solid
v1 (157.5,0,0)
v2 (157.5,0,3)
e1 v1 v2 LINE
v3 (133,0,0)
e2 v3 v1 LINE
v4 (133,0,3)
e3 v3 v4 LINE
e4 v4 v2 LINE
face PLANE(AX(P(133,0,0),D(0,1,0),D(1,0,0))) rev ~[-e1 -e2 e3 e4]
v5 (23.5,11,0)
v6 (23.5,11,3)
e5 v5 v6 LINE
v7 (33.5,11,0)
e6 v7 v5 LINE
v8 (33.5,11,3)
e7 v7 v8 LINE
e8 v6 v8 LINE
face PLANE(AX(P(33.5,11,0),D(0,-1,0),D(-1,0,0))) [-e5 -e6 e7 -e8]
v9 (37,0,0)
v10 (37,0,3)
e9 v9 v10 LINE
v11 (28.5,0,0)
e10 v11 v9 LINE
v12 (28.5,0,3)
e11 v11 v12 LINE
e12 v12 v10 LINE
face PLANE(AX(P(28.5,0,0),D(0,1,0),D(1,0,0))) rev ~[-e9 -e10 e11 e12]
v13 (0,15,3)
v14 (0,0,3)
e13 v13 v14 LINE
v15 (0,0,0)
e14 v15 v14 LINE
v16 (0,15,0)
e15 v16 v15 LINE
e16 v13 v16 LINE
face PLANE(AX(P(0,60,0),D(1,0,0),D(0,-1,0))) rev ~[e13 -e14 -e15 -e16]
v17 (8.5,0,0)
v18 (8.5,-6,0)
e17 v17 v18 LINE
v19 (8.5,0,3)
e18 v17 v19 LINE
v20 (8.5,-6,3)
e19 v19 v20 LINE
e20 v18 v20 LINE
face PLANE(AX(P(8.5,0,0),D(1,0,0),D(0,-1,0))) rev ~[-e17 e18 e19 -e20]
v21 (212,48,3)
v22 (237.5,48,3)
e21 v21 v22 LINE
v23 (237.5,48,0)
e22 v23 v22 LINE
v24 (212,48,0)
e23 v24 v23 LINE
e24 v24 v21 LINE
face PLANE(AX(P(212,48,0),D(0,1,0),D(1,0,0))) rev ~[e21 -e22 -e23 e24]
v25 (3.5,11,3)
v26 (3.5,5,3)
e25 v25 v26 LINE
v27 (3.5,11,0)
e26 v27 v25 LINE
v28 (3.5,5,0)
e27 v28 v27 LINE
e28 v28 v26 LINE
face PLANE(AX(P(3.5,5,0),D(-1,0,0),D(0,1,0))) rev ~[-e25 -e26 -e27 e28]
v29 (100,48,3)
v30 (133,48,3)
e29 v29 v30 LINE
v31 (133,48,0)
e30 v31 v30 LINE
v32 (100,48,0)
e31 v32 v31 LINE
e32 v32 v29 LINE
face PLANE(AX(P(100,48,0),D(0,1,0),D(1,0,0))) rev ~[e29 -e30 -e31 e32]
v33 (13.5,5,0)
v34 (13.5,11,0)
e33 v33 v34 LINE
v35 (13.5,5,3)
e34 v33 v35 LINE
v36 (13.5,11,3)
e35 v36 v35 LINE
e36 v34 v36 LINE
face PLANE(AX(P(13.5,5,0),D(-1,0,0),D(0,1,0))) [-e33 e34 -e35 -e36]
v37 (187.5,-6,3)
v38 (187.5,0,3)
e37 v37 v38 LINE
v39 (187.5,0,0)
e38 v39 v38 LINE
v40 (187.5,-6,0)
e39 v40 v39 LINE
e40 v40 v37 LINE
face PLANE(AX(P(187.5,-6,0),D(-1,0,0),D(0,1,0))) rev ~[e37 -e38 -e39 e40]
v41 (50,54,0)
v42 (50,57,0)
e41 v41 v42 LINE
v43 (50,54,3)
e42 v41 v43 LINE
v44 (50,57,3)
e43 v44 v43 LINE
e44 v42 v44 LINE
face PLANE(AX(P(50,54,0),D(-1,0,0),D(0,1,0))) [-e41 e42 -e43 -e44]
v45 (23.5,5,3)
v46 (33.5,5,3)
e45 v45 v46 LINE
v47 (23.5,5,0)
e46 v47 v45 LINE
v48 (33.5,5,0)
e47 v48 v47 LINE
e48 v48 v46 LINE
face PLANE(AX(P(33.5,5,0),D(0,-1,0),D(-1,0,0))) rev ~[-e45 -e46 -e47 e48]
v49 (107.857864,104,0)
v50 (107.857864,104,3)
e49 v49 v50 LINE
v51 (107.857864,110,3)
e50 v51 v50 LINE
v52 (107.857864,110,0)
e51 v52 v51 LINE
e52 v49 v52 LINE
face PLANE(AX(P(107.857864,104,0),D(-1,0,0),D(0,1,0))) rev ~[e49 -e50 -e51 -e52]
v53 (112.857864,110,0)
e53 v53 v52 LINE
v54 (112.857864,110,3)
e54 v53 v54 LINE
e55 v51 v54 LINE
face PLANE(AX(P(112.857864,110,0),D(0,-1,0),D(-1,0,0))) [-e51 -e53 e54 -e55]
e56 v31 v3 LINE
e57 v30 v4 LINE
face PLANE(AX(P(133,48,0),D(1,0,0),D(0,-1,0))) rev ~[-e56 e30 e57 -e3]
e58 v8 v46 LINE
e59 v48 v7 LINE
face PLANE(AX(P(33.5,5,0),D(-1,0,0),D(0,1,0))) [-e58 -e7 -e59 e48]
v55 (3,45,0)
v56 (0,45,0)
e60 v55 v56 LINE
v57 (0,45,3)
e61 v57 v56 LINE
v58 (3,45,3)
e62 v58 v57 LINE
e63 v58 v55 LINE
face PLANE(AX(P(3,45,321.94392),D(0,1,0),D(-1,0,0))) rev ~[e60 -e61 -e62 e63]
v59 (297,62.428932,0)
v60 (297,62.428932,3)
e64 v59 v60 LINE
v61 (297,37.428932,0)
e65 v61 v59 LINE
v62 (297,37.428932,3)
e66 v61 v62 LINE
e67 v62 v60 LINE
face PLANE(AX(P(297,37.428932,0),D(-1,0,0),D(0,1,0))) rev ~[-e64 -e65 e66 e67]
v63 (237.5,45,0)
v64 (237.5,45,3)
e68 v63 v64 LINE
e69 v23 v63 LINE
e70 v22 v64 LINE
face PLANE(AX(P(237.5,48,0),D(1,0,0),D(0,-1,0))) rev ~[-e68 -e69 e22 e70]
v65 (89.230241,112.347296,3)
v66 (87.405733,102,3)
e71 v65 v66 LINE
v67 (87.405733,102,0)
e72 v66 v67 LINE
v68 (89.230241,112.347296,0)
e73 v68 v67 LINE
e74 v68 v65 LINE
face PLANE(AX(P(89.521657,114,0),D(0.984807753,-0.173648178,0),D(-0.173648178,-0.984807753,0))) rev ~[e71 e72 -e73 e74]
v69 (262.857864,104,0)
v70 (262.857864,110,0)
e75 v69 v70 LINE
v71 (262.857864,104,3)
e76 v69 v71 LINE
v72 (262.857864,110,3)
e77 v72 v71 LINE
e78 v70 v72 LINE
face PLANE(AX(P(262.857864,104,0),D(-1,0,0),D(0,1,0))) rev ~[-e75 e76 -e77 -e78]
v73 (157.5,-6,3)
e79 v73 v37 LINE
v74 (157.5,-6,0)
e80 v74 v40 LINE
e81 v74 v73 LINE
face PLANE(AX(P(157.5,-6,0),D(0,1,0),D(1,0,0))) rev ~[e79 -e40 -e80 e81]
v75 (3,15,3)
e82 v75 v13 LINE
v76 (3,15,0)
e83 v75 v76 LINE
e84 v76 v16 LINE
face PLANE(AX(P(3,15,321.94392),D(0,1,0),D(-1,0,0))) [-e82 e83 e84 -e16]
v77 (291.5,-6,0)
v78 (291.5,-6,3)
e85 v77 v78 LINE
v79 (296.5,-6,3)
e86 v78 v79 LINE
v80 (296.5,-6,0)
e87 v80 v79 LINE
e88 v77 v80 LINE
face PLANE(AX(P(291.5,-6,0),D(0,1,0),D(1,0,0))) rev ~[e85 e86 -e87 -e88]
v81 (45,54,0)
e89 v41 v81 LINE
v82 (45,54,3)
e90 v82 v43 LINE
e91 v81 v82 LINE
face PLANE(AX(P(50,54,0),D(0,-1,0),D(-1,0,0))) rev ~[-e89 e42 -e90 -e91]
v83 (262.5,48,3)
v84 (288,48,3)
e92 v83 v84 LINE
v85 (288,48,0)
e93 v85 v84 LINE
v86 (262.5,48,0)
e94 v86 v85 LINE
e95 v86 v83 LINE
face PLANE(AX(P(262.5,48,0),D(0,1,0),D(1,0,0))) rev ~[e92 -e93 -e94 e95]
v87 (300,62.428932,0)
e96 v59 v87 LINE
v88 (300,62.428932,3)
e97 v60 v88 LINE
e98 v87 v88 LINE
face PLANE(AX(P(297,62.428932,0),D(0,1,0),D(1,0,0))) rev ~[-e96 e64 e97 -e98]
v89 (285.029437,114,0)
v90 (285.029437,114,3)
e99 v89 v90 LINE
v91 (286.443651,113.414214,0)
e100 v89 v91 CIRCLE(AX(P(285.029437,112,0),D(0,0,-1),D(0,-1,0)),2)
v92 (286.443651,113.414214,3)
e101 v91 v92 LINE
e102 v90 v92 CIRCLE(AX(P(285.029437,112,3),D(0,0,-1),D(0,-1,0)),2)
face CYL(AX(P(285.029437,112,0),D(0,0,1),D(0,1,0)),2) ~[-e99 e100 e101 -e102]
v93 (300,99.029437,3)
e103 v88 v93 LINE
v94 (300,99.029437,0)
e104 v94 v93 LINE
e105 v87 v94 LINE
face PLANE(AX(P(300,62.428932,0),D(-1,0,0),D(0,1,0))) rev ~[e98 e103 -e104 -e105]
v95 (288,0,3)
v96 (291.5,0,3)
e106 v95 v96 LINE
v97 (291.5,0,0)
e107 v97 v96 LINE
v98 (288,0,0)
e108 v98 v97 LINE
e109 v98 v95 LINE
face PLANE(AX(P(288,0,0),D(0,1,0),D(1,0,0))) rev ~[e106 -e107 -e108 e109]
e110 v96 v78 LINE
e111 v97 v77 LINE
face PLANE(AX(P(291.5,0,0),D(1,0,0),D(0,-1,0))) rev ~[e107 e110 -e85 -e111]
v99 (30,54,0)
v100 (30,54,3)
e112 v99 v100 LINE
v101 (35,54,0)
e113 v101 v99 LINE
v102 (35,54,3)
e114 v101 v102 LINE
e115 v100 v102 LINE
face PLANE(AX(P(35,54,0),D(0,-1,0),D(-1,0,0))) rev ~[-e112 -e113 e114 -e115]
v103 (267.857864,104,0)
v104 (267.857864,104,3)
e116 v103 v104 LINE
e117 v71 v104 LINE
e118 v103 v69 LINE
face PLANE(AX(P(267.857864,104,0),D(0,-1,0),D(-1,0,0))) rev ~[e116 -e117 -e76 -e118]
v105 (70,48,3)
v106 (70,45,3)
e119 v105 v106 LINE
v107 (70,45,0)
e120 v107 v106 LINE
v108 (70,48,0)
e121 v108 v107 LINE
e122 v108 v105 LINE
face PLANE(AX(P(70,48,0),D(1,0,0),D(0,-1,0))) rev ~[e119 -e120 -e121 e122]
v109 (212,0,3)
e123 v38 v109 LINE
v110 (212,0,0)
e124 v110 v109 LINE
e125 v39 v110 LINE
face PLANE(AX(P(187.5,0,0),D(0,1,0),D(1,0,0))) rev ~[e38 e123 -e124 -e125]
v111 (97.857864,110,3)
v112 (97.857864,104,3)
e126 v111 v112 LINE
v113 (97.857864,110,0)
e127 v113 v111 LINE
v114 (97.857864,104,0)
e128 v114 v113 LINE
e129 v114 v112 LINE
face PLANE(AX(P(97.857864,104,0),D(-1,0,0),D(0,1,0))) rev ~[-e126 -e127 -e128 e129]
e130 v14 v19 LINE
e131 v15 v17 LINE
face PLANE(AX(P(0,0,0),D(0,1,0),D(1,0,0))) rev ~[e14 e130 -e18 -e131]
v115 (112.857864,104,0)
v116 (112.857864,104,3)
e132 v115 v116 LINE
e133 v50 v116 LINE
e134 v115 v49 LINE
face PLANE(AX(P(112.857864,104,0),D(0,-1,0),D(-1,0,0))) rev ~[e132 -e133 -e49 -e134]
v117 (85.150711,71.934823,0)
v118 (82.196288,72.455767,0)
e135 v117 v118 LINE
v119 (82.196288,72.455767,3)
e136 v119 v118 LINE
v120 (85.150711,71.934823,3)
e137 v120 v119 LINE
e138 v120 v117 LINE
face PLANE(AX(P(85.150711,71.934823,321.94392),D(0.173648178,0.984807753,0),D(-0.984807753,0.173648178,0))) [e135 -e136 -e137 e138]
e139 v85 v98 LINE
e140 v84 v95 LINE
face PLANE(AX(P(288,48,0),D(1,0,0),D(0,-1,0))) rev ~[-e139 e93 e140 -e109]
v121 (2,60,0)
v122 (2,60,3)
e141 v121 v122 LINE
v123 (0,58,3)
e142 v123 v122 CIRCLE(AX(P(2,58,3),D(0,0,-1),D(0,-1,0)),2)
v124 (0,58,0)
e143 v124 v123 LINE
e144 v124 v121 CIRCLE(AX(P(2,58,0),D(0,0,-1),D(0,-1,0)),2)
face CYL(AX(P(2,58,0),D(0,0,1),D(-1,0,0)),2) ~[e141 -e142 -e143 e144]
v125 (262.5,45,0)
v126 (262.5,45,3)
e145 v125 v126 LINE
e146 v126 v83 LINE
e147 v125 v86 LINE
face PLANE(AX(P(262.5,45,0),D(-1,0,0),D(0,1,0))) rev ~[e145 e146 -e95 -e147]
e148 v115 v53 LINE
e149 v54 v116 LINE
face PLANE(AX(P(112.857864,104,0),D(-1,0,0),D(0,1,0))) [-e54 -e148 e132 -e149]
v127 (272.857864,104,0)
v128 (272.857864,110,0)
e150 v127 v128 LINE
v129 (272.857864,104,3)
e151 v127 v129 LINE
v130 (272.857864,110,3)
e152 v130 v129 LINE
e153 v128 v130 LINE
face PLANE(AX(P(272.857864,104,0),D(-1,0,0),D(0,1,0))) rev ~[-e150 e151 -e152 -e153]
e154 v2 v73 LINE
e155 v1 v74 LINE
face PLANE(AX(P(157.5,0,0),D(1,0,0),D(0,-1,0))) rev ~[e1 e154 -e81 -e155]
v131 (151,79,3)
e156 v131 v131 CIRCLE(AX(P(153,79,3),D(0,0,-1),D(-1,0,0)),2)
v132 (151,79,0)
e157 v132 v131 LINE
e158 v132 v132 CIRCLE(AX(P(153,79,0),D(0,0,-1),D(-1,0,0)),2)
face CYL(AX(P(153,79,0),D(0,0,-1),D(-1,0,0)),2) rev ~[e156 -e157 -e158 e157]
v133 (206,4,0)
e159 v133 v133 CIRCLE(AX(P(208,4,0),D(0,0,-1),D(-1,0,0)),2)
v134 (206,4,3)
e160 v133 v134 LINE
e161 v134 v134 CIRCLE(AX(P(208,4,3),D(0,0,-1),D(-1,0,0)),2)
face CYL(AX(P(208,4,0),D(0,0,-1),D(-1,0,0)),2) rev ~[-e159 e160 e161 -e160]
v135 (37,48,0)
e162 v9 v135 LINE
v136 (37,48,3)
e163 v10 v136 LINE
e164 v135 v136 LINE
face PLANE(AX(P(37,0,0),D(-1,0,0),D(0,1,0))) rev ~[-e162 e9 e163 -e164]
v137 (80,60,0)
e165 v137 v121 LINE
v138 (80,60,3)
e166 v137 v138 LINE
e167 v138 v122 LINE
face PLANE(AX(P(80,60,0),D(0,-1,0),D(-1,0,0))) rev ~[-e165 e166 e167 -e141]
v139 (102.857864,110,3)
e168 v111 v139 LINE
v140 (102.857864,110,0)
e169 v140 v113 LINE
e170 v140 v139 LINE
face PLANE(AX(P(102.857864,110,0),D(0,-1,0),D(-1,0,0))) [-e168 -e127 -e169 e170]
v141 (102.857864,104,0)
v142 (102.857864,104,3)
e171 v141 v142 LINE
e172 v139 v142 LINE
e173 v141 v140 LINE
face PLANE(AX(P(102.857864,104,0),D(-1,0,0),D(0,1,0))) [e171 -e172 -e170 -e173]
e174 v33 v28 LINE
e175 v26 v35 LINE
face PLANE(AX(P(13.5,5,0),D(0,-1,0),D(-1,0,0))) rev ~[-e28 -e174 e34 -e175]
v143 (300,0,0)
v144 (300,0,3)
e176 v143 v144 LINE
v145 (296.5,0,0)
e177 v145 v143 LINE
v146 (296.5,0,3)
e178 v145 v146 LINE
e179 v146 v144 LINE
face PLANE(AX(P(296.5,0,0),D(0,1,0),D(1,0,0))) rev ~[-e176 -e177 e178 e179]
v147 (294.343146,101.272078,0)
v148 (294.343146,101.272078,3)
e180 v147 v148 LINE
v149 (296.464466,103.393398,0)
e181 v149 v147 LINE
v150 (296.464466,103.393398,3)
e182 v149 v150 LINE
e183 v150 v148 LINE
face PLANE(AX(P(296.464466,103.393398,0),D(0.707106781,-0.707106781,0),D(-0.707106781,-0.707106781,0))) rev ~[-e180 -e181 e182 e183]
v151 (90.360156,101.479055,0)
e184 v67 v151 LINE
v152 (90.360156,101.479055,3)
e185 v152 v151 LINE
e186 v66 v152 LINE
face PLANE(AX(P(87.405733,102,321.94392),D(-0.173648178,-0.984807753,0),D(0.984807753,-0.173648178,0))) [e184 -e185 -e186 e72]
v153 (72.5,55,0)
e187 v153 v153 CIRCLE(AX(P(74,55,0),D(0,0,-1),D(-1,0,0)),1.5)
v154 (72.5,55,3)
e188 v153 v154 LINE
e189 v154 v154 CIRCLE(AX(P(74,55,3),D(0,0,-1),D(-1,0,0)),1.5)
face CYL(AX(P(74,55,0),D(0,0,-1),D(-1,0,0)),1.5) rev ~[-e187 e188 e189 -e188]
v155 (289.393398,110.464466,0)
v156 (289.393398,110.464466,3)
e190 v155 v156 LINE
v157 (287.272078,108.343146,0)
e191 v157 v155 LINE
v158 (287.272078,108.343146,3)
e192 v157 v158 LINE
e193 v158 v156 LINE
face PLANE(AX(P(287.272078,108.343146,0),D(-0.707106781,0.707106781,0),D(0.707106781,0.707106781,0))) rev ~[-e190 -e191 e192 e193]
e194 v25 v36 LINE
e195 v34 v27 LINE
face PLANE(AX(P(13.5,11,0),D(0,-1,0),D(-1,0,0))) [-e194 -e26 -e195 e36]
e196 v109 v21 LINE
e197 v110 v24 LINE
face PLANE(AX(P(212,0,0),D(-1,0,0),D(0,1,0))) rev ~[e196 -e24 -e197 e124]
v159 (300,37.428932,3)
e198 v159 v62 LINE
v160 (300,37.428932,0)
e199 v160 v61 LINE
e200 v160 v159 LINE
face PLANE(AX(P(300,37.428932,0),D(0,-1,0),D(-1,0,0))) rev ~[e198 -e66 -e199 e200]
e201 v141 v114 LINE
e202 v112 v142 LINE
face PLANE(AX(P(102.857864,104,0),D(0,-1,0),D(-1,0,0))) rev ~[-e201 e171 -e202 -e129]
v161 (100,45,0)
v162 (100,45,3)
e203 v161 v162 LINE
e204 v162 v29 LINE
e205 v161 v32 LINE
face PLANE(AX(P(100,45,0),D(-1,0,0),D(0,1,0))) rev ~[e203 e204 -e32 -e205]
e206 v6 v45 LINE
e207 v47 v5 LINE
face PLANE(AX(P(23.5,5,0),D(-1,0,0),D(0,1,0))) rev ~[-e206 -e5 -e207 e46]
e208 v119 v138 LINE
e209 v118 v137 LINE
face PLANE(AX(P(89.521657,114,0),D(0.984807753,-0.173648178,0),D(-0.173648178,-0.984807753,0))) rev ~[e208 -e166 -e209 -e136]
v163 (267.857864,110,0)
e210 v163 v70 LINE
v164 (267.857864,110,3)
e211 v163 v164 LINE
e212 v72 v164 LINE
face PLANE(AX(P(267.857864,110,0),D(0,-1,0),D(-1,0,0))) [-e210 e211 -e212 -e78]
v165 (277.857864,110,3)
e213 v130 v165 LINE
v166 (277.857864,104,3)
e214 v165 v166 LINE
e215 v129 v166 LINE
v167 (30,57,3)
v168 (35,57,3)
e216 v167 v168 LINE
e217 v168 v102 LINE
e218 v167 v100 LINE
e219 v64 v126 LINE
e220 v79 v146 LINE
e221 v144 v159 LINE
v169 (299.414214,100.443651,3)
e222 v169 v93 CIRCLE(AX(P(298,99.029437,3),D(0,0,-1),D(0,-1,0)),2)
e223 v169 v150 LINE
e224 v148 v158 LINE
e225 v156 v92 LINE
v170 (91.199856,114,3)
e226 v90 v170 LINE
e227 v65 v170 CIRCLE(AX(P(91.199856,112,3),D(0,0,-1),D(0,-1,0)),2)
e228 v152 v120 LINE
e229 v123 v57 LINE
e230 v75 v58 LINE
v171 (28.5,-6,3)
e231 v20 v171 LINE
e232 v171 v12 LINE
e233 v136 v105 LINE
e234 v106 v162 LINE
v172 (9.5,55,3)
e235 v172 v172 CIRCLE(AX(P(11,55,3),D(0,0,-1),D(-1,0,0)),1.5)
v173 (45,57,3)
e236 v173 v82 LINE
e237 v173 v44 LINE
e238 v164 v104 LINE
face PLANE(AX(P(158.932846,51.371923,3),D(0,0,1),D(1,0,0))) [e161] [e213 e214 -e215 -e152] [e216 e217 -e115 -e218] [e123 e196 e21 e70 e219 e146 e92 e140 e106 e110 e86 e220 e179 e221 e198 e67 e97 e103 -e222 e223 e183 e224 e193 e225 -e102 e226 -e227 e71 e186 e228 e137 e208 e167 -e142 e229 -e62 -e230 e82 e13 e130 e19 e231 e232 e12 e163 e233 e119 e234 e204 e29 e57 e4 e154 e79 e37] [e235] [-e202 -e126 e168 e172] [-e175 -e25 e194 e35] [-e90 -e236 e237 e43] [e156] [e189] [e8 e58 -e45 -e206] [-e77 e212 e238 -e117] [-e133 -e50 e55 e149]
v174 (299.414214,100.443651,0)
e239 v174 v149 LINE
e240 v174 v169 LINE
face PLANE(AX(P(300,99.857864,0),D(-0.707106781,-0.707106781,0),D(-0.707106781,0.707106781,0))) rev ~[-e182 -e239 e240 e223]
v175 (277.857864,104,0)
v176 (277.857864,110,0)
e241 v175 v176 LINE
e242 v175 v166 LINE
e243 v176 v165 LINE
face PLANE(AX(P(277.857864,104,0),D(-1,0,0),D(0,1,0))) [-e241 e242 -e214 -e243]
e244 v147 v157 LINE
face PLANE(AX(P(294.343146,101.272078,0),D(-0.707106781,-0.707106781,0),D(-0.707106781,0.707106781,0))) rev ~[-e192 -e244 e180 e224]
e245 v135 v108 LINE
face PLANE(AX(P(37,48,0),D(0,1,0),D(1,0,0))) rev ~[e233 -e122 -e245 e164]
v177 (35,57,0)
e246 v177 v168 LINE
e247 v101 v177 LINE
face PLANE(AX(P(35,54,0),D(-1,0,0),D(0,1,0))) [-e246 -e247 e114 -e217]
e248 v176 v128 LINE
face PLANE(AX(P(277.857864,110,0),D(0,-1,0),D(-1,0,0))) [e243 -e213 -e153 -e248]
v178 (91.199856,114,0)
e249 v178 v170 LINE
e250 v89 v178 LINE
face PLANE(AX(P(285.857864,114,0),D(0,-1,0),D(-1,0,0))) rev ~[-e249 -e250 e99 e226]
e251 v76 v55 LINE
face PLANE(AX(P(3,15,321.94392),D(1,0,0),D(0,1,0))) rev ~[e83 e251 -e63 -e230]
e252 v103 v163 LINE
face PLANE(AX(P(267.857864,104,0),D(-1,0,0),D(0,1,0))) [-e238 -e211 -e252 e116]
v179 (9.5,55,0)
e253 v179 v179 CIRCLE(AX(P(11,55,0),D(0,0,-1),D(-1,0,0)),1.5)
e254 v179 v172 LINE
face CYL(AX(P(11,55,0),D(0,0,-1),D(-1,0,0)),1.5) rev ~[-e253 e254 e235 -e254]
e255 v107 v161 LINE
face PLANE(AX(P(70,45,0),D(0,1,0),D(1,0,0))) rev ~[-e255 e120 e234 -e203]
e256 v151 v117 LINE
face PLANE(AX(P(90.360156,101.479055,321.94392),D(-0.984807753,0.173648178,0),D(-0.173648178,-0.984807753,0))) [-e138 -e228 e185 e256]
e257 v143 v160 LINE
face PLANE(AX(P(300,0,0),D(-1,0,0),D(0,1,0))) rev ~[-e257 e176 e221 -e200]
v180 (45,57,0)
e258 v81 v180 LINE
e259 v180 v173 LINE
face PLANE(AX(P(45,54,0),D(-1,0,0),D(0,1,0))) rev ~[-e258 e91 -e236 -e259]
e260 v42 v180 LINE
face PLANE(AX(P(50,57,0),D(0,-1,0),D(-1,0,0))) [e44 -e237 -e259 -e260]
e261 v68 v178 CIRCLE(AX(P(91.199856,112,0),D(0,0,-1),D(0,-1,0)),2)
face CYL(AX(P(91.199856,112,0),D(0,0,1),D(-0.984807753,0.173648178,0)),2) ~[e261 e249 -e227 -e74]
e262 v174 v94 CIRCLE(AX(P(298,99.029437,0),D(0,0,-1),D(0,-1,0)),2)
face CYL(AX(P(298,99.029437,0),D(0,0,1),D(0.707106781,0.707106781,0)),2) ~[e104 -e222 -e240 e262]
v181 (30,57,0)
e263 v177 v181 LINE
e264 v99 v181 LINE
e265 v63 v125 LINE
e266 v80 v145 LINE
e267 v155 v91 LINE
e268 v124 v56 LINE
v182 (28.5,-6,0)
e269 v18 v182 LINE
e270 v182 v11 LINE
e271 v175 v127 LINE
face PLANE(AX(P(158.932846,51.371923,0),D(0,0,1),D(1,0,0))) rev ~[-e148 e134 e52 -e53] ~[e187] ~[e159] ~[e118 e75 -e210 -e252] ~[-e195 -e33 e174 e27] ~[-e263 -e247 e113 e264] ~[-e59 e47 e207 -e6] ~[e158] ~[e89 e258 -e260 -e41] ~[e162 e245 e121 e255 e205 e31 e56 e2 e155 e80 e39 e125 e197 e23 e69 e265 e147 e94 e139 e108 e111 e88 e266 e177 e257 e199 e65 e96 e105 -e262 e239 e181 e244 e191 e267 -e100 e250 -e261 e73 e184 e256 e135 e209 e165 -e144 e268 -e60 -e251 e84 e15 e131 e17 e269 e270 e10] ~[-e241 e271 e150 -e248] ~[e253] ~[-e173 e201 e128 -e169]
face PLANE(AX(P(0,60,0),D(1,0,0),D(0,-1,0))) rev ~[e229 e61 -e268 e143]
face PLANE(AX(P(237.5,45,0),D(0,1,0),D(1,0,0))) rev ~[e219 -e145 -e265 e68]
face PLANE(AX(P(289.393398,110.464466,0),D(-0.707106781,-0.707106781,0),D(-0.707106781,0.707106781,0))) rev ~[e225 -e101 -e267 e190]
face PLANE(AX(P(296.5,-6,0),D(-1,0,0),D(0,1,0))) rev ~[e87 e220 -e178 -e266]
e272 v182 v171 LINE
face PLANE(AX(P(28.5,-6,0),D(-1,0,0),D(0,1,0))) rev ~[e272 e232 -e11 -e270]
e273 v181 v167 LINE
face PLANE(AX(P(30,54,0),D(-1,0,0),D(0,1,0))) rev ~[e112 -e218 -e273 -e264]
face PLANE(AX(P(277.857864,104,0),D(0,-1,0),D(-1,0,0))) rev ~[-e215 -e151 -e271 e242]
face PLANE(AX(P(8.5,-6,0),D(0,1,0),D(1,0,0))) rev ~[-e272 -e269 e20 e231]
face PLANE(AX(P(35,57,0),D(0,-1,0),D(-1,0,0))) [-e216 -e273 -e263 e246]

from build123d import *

# Parameters (mm, degrees)
BOSS_EXTRUDE1_DEPTH     = 3
SKETCH2_R               = 2
CUT_EXTRUDE1_DEPTH      = 321.943920335
CUT_EXTRUDE2_DEPTH      = 321.943920335
CUT_EXTRUDE2_DEPTH_BACK = 321.943920335
SKETCH3_W               = 3
SKETCH3_H               = 30
SKETCH4_W               = 10
SKETCH4_H               = 6
CUT_EXTRUDE3_DEPTH      = 321.943920335
SKETCH5_R               = 1.5
SKETCH5_W               = 5
SKETCH5_H               = 3
CUT_EXTRUDE4_DEPTH      = 321.943920335
SKETCH6_W               = 5
SKETCH6_H               = 6
CUT_EXTRUDE5_DEPTH      = 321.943920335
FILLET1_R               = 2


with BuildPart() as part:
    # Sketch1 → Boss-Extrude1 (new body)
    with BuildSketch(Plane.XY):
        Polygon((0, 0), (8.5, 0), (8.5, -6), (28.5, -6), (28.5, 0), (37, 0), (37, 48), (70, 48), (70, 45), (100, 45), (100, 48), (133, 48), (133, 0), (157.5, 0), (157.5, -6), (187.5, -6), (187.5, 0), (212, 0), (212, 48), (237.5, 48), (237.5, 45), (262.5, 45), (262.5, 48), (288, 48), (288, 0), (291.5, 0), (291.5, -6), (296.5, -6), (296.5, 0), (300, 0), (300, 37.428932188), (297, 37.428932188), (297, 62.428932188), (300, 62.428932188), (300, 99.857864376), (296.464466094, 103.393398282), (294.343145751, 101.272077939), (287.272077939, 108.343145751), (289.393398282, 110.464466094), (285.857864376, 114), (89.521656958, 114), (80, 60), (0, 60), align=None)
    extrude(amount=BOSS_EXTRUDE1_DEPTH)

    # Sketch2 → Cut-Extrude1 (cut, through all)
    with BuildSketch(Plane(origin=(0, 0, 0), x_dir=(-1, 0, 0), z_dir=(0, 0, -1))):
        with Locations((-208, 4)):
            Circle(SKETCH2_R)
        with Locations((-153, 79)):
            Circle(SKETCH2_R)
    extrude(amount=-CUT_EXTRUDE1_DEPTH, mode=Mode.SUBTRACT)

    # Sketch3 → Cut-Extrude2 (cut, two sides: drawn at the far end of the back side and taken through both)
    with BuildSketch(Plane(origin=(0, 0, 0), x_dir=(-1, 0, 0), z_dir=(0, 0, -1)).offset(-CUT_EXTRUDE2_DEPTH_BACK)):
        Polygon((-87.40573319, 102), (-90.360156449, 101.479055467), (-85.150711119, 71.934822877), (-82.19628786, 72.45576741), align=None)
        with Locations((-1.5, 30)):
            Rectangle(SKETCH3_W, SKETCH3_H)
    extrude(amount=CUT_EXTRUDE2_DEPTH + CUT_EXTRUDE2_DEPTH_BACK, mode=Mode.SUBTRACT)

    # Sketch4 → Cut-Extrude3 (cut, through all)
    with BuildSketch(Plane(origin=(0, 0, 0), x_dir=(-1, 0, 0), z_dir=(0, 0, -1))):
        with Locations((-28.5, 8)):
            Rectangle(SKETCH4_W, SKETCH4_H)
        with Locations((-8.5, 8)):
            Rectangle(SKETCH4_W, SKETCH4_H)
    extrude(amount=-CUT_EXTRUDE3_DEPTH, mode=Mode.SUBTRACT)

    # Sketch5 → Cut-Extrude4 (cut, through all)
    with BuildSketch(Plane(origin=(0, 0, 0), x_dir=(-1, 0, 0), z_dir=(0, 0, -1))):
        with Locations((-11, 55)):
            Circle(SKETCH5_R)
        with Locations((-74, 55)):
            Circle(SKETCH5_R)
        with Locations((-47.5, 55.5)):
            Rectangle(SKETCH5_W, SKETCH5_H)
        with Locations((-32.5, 55.5)):
            Rectangle(SKETCH5_W, SKETCH5_H)
    extrude(amount=-CUT_EXTRUDE4_DEPTH, mode=Mode.SUBTRACT)

    # Sketch6 → Cut-Extrude5 (cut, through all)
    with BuildSketch(Plane(origin=(0, 0, 0), x_dir=(-1, 0, 0), z_dir=(0, 0, -1))):
        with Locations((-275.357864376, 107)):
            Rectangle(SKETCH6_W, SKETCH6_H)
        with Locations((-265.357864376, 107)):
            Rectangle(SKETCH6_W, SKETCH6_H)
        with Locations((-110.357864376, 107)):
            Rectangle(SKETCH6_W, SKETCH6_H)
        with Locations((-100.357864376, 107)):
            Rectangle(SKETCH6_W, SKETCH6_H)
    extrude(amount=-CUT_EXTRUDE5_DEPTH, mode=Mode.SUBTRACT)

    # Fillet1
    fillet1_edges = [part.edges().sort_by_distance(p)[0] for p in [
        (0, 60, 1.5),
        (89.521656958, 114, 1.5),
        (285.857864376, 114, 1.5),
        (300, 99.857864376, 1.5),
    ]]
    fillet(fillet1_edges, radius=FILLET1_R)


solid = part.part
